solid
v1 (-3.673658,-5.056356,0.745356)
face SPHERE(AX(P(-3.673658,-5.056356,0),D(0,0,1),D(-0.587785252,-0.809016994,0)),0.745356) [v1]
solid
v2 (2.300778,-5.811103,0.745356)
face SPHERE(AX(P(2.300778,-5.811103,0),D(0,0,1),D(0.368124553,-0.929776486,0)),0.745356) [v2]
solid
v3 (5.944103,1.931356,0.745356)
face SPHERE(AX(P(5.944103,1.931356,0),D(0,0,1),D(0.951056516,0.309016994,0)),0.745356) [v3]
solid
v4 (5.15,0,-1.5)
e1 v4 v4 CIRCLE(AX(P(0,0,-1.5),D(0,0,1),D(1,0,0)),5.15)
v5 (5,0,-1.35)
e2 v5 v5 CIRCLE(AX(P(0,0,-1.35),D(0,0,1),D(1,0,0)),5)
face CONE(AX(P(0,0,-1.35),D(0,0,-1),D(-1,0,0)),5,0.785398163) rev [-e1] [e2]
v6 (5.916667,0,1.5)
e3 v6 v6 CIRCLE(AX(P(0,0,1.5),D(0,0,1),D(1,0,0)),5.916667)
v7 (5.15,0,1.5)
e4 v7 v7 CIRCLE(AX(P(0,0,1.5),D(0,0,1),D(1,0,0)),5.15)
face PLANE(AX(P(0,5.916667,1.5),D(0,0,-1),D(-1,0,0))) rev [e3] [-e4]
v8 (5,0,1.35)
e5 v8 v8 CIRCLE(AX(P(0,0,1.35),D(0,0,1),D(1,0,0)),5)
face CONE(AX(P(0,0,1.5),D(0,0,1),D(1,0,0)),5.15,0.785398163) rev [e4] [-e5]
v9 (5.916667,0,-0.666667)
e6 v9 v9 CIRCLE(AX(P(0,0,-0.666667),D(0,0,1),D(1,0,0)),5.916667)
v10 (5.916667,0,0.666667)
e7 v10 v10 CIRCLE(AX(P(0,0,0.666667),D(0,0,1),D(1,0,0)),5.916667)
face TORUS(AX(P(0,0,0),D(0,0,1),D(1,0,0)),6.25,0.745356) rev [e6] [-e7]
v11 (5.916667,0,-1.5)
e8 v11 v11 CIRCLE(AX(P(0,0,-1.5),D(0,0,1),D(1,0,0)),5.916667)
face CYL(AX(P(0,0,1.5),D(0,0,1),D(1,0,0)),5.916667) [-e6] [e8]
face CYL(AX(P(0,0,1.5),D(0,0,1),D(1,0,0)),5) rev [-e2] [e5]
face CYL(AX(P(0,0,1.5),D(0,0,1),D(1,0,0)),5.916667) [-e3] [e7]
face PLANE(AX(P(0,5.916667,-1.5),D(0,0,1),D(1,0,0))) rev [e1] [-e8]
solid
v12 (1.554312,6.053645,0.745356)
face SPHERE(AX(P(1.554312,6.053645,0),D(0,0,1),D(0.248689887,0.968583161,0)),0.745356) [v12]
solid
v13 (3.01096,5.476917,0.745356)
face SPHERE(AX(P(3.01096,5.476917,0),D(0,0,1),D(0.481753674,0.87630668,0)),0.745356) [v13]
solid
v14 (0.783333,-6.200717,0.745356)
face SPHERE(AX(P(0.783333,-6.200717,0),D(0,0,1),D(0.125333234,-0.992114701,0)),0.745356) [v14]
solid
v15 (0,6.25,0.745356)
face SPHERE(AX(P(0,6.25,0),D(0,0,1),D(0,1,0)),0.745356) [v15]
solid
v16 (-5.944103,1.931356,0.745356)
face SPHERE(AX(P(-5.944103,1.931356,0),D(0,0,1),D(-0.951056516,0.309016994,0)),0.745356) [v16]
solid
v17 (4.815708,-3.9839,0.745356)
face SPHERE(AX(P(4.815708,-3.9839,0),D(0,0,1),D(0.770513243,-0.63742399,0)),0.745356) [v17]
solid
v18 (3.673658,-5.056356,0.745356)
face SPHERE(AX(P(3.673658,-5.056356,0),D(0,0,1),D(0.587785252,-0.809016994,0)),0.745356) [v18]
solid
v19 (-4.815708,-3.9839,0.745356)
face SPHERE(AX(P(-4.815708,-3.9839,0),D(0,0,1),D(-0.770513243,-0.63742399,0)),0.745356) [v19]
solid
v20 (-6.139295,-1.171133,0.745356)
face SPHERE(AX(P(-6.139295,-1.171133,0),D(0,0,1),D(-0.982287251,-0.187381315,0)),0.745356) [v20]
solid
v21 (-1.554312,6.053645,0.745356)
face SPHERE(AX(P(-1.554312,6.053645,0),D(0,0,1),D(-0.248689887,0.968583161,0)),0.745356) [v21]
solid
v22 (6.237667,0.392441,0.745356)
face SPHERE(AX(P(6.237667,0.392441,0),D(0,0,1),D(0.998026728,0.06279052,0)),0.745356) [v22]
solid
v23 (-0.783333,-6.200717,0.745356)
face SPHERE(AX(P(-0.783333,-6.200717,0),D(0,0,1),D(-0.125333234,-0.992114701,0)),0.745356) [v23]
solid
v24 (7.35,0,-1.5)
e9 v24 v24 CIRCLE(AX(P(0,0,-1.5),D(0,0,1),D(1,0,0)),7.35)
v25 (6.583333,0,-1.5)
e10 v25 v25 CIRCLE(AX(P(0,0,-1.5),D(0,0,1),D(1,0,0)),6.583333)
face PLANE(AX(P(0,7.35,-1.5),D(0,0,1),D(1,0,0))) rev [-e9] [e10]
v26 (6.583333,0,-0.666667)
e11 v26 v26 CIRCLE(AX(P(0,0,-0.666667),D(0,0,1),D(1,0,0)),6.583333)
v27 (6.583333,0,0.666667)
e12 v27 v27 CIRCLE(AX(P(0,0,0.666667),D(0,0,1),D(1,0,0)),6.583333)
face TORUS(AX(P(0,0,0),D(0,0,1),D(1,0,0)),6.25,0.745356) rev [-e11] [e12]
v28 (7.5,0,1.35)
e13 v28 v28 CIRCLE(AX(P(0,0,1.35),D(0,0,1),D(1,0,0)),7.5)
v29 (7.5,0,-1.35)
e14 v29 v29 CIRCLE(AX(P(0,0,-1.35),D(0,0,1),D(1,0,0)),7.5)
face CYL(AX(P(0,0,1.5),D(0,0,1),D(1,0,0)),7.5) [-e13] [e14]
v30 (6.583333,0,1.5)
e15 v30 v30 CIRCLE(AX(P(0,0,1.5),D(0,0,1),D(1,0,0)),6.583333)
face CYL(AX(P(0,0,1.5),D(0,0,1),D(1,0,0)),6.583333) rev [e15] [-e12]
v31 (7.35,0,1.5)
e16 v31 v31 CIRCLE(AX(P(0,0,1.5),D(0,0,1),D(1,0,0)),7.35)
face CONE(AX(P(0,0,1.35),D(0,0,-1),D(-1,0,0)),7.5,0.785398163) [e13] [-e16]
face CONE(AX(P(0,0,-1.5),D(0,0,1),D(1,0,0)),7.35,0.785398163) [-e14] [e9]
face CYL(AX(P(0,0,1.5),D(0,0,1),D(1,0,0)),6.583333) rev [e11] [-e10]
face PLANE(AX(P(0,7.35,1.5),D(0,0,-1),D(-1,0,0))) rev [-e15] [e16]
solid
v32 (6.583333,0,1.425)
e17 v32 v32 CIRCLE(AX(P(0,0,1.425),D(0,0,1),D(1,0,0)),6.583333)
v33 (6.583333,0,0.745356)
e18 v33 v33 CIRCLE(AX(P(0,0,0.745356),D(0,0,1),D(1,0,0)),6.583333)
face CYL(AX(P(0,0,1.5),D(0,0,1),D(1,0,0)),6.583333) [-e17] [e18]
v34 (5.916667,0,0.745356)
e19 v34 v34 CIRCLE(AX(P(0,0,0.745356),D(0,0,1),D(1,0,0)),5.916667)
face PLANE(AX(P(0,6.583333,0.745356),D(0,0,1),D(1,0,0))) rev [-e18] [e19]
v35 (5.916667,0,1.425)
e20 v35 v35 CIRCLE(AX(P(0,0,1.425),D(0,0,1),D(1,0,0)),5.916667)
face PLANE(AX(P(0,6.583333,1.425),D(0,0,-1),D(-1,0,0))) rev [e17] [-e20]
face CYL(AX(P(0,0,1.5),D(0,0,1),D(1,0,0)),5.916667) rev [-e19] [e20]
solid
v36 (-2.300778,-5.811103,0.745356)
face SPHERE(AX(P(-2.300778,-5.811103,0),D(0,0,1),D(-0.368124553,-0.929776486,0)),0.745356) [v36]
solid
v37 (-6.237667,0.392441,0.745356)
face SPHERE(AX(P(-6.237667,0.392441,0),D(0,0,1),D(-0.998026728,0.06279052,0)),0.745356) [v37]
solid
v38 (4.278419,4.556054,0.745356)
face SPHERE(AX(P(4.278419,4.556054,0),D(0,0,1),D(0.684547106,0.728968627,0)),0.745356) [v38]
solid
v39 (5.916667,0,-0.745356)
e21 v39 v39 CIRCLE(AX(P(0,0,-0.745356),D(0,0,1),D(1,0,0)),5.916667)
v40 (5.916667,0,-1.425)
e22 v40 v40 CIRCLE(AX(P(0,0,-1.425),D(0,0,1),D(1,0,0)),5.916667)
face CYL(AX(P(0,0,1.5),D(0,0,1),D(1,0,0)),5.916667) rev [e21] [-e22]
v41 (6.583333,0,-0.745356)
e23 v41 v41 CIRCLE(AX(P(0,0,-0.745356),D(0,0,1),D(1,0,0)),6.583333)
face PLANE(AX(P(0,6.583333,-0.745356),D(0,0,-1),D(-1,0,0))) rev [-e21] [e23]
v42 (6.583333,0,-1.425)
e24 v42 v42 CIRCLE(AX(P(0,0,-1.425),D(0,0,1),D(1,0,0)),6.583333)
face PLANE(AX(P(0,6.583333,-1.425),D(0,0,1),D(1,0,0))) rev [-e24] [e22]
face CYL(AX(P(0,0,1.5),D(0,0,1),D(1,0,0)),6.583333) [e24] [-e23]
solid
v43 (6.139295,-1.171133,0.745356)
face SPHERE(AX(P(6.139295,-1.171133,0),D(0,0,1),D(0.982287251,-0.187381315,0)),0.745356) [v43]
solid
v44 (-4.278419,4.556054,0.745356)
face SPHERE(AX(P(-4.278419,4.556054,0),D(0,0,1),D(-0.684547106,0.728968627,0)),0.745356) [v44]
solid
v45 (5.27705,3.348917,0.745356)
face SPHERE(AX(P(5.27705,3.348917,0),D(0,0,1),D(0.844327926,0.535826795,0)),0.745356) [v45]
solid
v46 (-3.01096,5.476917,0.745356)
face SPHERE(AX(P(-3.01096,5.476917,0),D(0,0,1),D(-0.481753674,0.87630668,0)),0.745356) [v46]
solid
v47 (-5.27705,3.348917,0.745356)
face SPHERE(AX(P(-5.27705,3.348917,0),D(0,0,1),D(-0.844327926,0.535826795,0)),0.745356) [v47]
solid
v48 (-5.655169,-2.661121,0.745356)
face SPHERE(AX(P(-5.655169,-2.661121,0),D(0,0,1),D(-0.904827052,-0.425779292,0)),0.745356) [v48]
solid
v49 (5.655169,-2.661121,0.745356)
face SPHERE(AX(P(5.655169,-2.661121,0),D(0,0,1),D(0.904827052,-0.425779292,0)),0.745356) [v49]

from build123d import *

# Parameters (mm, degrees)
CIRPATTERN1_COUNT = 25
SKETCH5_W         = 0.679644008
SKETCH5_H         = 0.666666666


with BuildPart() as part:
    # Sketch1 → Revolve1 (revolve)
    with BuildSketch(Plane(origin=(0, 0, 0), x_dir=(0, 0, -1), z_dir=(1, 0, 0))):
        with BuildLine():
            Line((1.35, 7.5), (-1.35, 7.5))
            Line((-1.35, 7.5), (-1.5, 7.35))
            Line((-1.5, 7.35), (-1.5, 6.583333333))
            Line((-1.5, 6.583333333), (-0.666666667, 6.583333333))
            ThreePointArc((-0.666666667, 6.583333333), (0, 6.995355992), (0.666666667, 6.583333333))
            Line((0.666666667, 6.583333333), (1.5, 6.583333333))
            Line((1.5, 6.583333333), (1.5, 7.35))
            Line((1.5, 7.35), (1.35, 7.5))
        make_face()
    revolve(axis=Axis((0, 0, 1.5), (0, 0, -1)))


with BuildPart() as body_2:
    # Sketch2 → Revolve2 (revolve)
    with BuildSketch(Plane(origin=(0, 0, 0), x_dir=(0, 0, -1), z_dir=(1, 0, 0))):
        with BuildLine():
            Line((-1.5, 5.916666667), (-0.666666667, 5.916666667))
            ThreePointArc((-0.666666667, 5.916666667), (0, 5.504644008), (0.666666667, 5.916666667))
            Line((0.666666667, 5.916666667), (1.5, 5.916666667))
            Line((1.5, 5.916666667), (1.5, 5.15))
            Line((1.5, 5.15), (1.35, 5))
            Line((1.35, 5), (-1.35, 5))
            Line((-1.35, 5), (-1.5, 5.15))
            Line((-1.5, 5.15), (-1.5, 5.916666667))
        make_face()
    revolve(axis=Axis((0, 0, 1.5), (0, 0, -1)))


with BuildPart() as body_3:
    # Sketch3 → Revolve3 (revolve)
    with BuildSketch(Plane(origin=(0, 0, 0), x_dir=(0, 0, -1), z_dir=(1, 0, 0))):
        with BuildLine():
            Line((-0.745355992, 6.25), (0.745355992, 6.25))
            ThreePointArc((0.745355992, 6.25), (0, 6.995355992), (-0.745355992, 6.25))
        make_face()
    revolve(axis=Axis((0, 6.25, 0.745355992), (0, 0, -1)))


with BuildPart() as cirpattern1_1:
    # CirPattern1: pattern copy
    add(body_3.part.rotate(Axis((0, 0, -1.5), (0, 0, 1)), 1 * 360 / CIRPATTERN1_COUNT))


with BuildPart() as cirpattern1_2:
    # CirPattern1: pattern copy
    add(body_3.part.rotate(Axis((0, 0, -1.5), (0, 0, 1)), 2 * 360 / CIRPATTERN1_COUNT))


with BuildPart() as cirpattern1_3:
    # CirPattern1: pattern copy
    add(body_3.part.rotate(Axis((0, 0, -1.5), (0, 0, 1)), 3 * 360 / CIRPATTERN1_COUNT))


with BuildPart() as cirpattern1_4:
    # CirPattern1: pattern copy
    add(body_3.part.rotate(Axis((0, 0, -1.5), (0, 0, 1)), 4 * 360 / CIRPATTERN1_COUNT))


with BuildPart() as cirpattern1_5:
    # CirPattern1: pattern copy
    add(body_3.part.rotate(Axis((0, 0, -1.5), (0, 0, 1)), 5 * 360 / CIRPATTERN1_COUNT))


with BuildPart() as cirpattern1_6:
    # CirPattern1: pattern copy
    add(body_3.part.rotate(Axis((0, 0, -1.5), (0, 0, 1)), 6 * 360 / CIRPATTERN1_COUNT))


with BuildPart() as cirpattern1_7:
    # CirPattern1: pattern copy
    add(body_3.part.rotate(Axis((0, 0, -1.5), (0, 0, 1)), 7 * 360 / CIRPATTERN1_COUNT))


with BuildPart() as cirpattern1_8:
    # CirPattern1: pattern copy
    add(body_3.part.rotate(Axis((0, 0, -1.5), (0, 0, 1)), 8 * 360 / CIRPATTERN1_COUNT))


with BuildPart() as cirpattern1_9:
    # CirPattern1: pattern copy
    add(body_3.part.rotate(Axis((0, 0, -1.5), (0, 0, 1)), 9 * 360 / CIRPATTERN1_COUNT))


with BuildPart() as cirpattern1_10:
    # CirPattern1: pattern copy
    add(body_3.part.rotate(Axis((0, 0, -1.5), (0, 0, 1)), 10 * 360 / CIRPATTERN1_COUNT))


with BuildPart() as cirpattern1_11:
    # CirPattern1: pattern copy
    add(body_3.part.rotate(Axis((0, 0, -1.5), (0, 0, 1)), 11 * 360 / CIRPATTERN1_COUNT))


with BuildPart() as cirpattern1_12:
    # CirPattern1: pattern copy
    add(body_3.part.rotate(Axis((0, 0, -1.5), (0, 0, 1)), 12 * 360 / CIRPATTERN1_COUNT))


with BuildPart() as cirpattern1_13:
    # CirPattern1: pattern copy
    add(body_3.part.rotate(Axis((0, 0, -1.5), (0, 0, 1)), 13 * 360 / CIRPATTERN1_COUNT))


with BuildPart() as cirpattern1_14:
    # CirPattern1: pattern copy
    add(body_3.part.rotate(Axis((0, 0, -1.5), (0, 0, 1)), 14 * 360 / CIRPATTERN1_COUNT))


with BuildPart() as cirpattern1_15:
    # CirPattern1: pattern copy
    add(body_3.part.rotate(Axis((0, 0, -1.5), (0, 0, 1)), 15 * 360 / CIRPATTERN1_COUNT))


with BuildPart() as cirpattern1_16:
    # CirPattern1: pattern copy
    add(body_3.part.rotate(Axis((0, 0, -1.5), (0, 0, 1)), 16 * 360 / CIRPATTERN1_COUNT))


with BuildPart() as cirpattern1_17:
    # CirPattern1: pattern copy
    add(body_3.part.rotate(Axis((0, 0, -1.5), (0, 0, 1)), 17 * 360 / CIRPATTERN1_COUNT))


with BuildPart() as cirpattern1_18:
    # CirPattern1: pattern copy
    add(body_3.part.rotate(Axis((0, 0, -1.5), (0, 0, 1)), 18 * 360 / CIRPATTERN1_COUNT))


with BuildPart() as cirpattern1_19:
    # CirPattern1: pattern copy
    add(body_3.part.rotate(Axis((0, 0, -1.5), (0, 0, 1)), 19 * 360 / CIRPATTERN1_COUNT))


with BuildPart() as cirpattern1_20:
    # CirPattern1: pattern copy
    add(body_3.part.rotate(Axis((0, 0, -1.5), (0, 0, 1)), 20 * 360 / CIRPATTERN1_COUNT))


with BuildPart() as cirpattern1_21:
    # CirPattern1: pattern copy
    add(body_3.part.rotate(Axis((0, 0, -1.5), (0, 0, 1)), 21 * 360 / CIRPATTERN1_COUNT))


with BuildPart() as cirpattern1_22:
    # CirPattern1: pattern copy
    add(body_3.part.rotate(Axis((0, 0, -1.5), (0, 0, 1)), 22 * 360 / CIRPATTERN1_COUNT))


with BuildPart() as cirpattern1_23:
    # CirPattern1: pattern copy
    add(body_3.part.rotate(Axis((0, 0, -1.5), (0, 0, 1)), 23 * 360 / CIRPATTERN1_COUNT))


with BuildPart() as cirpattern1_24:
    # CirPattern1: pattern copy
    add(body_3.part.rotate(Axis((0, 0, -1.5), (0, 0, 1)), 24 * 360 / CIRPATTERN1_COUNT))


with BuildPart() as body_28:
    # Sketch5 → Revolve5 (revolve)
    with BuildSketch(Plane(origin=(0, 0, 0), x_dir=(0, 0, -1), z_dir=(1, 0, 0))):
        with Locations((-1.085177996, 6.25)):
            Rectangle(SKETCH5_W, SKETCH5_H)
        with Locations((1.085177996, 6.25)):
            Rectangle(SKETCH5_W, SKETCH5_H)
    revolve(axis=Axis((0, 0, 1.5), (0, 0, -1)))


solid = Compound([part.part, body_2.part, body_3.part, cirpattern1_1.part, cirpattern1_2.part, cirpattern1_3.part, cirpattern1_4.part, cirpattern1_5.part, cirpattern1_6.part, cirpattern1_7.part, cirpattern1_8.part, cirpattern1_9.part, cirpattern1_10.part, cirpattern1_11.part, cirpattern1_12.part, cirpattern1_13.part, cirpattern1_14.part, cirpattern1_15.part, cirpattern1_16.part, cirpattern1_17.part, cirpattern1_18.part, cirpattern1_19.part, cirpattern1_20.part, cirpattern1_21.part, cirpattern1_22.part, cirpattern1_23.part, cirpattern1_24.part, body_28.part])
